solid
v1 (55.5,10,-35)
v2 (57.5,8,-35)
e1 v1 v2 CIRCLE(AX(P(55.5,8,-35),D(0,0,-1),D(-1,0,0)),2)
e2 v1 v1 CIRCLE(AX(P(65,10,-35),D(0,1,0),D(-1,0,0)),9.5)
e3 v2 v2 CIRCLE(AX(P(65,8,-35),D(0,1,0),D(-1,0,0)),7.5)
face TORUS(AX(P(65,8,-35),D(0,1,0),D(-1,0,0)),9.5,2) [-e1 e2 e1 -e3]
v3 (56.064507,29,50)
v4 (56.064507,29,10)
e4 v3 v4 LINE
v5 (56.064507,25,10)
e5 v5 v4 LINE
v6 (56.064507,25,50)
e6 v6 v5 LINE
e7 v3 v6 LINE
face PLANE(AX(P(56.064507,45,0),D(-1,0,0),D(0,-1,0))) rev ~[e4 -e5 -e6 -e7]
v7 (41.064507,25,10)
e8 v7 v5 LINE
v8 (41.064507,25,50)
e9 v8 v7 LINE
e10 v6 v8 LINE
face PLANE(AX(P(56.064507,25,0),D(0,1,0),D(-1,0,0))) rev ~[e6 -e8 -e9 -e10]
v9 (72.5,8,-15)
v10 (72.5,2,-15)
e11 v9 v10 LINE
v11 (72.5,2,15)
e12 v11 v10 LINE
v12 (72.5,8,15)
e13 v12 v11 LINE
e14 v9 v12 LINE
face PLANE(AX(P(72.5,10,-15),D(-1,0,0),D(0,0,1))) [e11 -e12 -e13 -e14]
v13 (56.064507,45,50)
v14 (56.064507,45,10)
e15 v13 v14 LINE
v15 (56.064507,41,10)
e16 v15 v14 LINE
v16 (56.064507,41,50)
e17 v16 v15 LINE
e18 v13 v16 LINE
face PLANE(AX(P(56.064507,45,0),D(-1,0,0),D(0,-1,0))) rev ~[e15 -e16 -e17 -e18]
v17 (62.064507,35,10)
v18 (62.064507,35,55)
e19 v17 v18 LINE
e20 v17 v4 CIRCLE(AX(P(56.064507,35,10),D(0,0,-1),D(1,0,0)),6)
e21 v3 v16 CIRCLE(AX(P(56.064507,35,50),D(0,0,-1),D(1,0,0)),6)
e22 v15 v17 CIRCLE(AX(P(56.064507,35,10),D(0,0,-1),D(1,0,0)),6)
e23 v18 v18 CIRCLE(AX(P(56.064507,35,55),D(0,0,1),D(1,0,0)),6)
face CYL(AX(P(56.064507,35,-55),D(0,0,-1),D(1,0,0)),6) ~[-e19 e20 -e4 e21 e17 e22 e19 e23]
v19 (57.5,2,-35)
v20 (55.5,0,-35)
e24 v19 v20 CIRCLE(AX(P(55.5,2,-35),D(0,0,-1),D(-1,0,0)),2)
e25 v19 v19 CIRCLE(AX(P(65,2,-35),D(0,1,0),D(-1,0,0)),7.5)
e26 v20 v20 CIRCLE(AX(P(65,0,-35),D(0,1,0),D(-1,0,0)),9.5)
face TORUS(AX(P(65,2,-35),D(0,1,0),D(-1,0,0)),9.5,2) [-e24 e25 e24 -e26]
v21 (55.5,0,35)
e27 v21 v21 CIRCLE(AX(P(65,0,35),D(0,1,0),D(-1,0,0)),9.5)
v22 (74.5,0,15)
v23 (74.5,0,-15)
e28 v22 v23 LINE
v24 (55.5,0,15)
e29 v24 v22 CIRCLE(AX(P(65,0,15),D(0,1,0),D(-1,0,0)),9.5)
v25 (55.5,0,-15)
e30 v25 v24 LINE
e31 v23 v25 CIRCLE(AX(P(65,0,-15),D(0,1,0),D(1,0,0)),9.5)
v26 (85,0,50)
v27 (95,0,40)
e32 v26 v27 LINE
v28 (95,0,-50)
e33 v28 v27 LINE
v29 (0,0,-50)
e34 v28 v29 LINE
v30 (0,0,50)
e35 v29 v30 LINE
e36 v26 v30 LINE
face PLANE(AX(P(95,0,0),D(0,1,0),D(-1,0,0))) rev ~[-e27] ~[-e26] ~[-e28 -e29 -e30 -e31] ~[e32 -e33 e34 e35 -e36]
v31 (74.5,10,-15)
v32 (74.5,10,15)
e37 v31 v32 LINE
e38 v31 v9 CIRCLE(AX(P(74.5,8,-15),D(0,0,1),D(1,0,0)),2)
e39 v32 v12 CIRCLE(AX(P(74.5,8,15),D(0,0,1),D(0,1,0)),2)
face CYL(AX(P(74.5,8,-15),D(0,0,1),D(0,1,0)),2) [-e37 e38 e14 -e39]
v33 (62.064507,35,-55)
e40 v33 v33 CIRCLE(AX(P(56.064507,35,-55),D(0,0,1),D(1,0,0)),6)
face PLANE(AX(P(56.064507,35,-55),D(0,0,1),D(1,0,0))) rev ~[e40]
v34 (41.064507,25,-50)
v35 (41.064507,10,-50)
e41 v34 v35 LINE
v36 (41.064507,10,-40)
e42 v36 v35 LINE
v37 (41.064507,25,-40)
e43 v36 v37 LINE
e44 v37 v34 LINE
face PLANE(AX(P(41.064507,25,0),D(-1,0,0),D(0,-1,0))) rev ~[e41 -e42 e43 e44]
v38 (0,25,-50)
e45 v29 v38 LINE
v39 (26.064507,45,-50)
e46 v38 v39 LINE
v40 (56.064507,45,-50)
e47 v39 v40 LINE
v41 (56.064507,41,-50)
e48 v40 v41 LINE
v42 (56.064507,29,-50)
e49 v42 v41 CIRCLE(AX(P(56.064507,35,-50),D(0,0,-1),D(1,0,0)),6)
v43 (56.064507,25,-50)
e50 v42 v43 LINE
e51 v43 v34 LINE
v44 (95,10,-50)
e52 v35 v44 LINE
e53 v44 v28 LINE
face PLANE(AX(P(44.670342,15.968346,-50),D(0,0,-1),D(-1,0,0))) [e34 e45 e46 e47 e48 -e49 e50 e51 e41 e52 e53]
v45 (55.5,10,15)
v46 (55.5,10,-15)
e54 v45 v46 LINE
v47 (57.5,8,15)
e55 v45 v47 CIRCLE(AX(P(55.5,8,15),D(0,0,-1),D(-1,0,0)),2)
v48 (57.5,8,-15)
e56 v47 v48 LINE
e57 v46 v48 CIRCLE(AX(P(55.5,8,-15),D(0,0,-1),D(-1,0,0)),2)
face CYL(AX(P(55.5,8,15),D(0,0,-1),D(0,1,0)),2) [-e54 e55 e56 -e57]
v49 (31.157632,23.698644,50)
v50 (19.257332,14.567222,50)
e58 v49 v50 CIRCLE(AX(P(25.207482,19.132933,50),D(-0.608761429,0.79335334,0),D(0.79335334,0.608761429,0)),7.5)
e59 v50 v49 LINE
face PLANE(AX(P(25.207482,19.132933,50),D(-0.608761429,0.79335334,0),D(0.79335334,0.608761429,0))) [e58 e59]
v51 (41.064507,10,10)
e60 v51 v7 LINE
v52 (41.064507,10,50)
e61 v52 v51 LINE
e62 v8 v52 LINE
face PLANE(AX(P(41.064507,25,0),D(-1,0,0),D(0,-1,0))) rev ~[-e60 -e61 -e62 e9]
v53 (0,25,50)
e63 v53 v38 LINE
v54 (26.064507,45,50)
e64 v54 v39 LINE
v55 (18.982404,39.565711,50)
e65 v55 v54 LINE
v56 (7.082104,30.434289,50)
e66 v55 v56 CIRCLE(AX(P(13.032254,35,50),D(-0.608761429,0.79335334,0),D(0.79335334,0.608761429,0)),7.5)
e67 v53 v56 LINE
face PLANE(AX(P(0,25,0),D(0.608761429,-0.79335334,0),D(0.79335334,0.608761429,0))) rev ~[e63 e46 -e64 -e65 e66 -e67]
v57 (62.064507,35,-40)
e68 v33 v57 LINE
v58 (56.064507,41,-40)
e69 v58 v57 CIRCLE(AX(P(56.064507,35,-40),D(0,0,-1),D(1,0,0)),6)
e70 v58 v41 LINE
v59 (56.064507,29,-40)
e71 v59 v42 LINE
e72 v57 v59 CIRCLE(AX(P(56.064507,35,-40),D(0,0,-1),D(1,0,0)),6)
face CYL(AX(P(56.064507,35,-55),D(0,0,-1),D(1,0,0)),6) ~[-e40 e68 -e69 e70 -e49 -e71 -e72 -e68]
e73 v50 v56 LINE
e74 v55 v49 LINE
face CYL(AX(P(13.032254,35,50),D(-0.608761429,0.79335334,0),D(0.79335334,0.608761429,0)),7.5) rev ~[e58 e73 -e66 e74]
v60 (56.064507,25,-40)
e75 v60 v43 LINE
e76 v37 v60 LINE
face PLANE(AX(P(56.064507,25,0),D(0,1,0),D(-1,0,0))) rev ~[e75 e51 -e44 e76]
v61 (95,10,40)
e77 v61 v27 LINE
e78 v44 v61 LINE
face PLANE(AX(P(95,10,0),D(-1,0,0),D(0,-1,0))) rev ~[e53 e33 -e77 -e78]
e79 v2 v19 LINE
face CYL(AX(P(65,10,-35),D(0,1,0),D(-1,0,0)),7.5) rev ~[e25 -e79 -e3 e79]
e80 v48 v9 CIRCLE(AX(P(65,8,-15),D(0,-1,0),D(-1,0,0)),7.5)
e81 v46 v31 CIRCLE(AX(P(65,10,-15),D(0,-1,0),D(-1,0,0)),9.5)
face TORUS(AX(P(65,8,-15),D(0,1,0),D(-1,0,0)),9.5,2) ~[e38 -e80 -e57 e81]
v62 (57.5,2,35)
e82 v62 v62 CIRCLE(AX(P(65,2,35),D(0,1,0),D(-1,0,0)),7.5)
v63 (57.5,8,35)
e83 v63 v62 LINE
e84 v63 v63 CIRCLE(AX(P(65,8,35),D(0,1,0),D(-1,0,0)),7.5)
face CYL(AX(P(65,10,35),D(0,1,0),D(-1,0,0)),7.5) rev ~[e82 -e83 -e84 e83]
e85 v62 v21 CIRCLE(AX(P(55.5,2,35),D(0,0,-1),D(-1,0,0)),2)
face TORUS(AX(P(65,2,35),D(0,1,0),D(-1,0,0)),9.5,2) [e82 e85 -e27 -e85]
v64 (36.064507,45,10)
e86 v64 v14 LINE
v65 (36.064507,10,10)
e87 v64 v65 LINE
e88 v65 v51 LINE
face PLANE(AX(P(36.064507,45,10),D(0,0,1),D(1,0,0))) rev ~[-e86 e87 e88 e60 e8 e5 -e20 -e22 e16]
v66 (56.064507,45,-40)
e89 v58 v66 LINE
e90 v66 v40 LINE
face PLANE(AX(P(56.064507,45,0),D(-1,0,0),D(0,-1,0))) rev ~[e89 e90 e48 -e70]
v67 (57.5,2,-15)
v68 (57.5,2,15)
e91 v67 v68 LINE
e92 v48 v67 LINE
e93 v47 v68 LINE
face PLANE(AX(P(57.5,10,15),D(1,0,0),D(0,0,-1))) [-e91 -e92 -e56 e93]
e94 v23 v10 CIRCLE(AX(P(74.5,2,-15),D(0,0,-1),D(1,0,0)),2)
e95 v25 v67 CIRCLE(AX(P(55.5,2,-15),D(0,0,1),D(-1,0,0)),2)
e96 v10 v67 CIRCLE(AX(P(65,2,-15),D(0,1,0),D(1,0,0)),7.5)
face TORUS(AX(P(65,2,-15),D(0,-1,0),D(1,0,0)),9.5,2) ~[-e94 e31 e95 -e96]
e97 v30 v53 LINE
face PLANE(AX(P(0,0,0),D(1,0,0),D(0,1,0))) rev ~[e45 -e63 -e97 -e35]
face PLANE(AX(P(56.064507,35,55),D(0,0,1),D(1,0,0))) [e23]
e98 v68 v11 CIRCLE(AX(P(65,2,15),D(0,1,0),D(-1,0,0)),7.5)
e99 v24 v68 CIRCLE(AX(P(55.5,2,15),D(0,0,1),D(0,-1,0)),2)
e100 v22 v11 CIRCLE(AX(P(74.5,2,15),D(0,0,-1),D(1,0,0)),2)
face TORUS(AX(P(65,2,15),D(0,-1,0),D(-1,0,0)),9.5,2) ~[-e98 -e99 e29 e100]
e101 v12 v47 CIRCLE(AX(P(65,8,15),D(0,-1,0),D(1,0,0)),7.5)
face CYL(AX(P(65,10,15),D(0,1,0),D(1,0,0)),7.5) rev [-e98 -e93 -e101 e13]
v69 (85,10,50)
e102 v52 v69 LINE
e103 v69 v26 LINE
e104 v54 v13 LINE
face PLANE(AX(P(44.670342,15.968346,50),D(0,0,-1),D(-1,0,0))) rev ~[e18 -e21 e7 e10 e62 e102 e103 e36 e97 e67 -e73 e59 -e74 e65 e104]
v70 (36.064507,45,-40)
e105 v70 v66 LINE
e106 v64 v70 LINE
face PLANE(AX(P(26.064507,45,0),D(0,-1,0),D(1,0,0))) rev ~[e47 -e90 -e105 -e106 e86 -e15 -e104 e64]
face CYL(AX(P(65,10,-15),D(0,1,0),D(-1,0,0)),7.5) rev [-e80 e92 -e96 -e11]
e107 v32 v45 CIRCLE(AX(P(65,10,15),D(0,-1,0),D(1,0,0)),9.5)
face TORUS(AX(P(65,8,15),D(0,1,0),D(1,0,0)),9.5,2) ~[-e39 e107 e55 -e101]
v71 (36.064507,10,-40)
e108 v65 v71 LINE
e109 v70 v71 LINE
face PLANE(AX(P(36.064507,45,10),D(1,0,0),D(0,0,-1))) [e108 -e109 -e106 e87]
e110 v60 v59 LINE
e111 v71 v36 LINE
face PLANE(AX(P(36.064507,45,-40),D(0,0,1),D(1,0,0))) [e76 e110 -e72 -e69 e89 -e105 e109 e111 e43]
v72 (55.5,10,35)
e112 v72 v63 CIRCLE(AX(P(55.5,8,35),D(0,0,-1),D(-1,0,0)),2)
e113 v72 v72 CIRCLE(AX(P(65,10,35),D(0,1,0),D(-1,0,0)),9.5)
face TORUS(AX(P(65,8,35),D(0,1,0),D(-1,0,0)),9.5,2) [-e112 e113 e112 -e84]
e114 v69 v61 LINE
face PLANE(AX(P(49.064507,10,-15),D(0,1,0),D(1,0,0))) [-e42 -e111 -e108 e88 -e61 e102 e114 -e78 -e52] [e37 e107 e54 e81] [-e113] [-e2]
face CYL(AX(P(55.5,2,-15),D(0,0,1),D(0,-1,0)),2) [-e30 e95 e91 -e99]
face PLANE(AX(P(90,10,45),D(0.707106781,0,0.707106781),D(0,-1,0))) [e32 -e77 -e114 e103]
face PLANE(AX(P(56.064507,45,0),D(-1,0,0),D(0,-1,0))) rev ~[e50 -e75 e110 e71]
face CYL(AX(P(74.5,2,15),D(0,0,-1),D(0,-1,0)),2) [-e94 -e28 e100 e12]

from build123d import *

# Parameters (mm, degrees)
BOSS_EXTRU_1_DEPTH      = 50
BOSS_EXTRU_2_DEPTH      = 55
BOSS_EXTRU_2_DEPTH_BACK = 55
ESQUISSE3_R             = 6
ESQUISSE4_W             = 26
ESQUISSE4_H             = 50
ENL_V_MAT_EXTRU_1_DEPTH = 35
ESQUISSE5_R             = 7.5
ENL_V_MAT_EXTRU_2_DEPTH = 20
ESQUISSE8_R             = 7.5
ENL_V_MAT_EXTRU_3_DEPTH = 116.217186218
CONG_1_R                = 2
CONG_2_R                = 2
CHANFREIN3_SIZE         = 10


with BuildPart() as part:
    # Esquisse1 → Boss.-Extru.1 (new, symmetric)
    with BuildSketch(Plane.XY):
        Polygon((0, 0), (0, 25), (26.064507457, 45), (56.064507457, 45), (56.064507457, 25), (41.064507457, 25), (41.064507457, 10), (95, 10), (95, 0), align=None)
    extrude(amount=BOSS_EXTRU_1_DEPTH, both=True)

    # Esquisse3 → Boss.-Extru.2 (add, two sides: drawn at the far end of the back side and taken through both)
    with BuildSketch(Plane.XY.offset(-BOSS_EXTRU_2_DEPTH_BACK)):
        with Locations((56.064507457, 35)):
            Circle(ESQUISSE3_R)
    extrude(amount=BOSS_EXTRU_2_DEPTH + BOSS_EXTRU_2_DEPTH_BACK)

    # Esquisse4 → Enlèv. mat.-Extru.1 (cut)
    with BuildSketch(Plane(origin=(0, 45, 0), x_dir=(1, 0, 0), z_dir=(0, 1, 0))):
        with Locations((49.064507457, 15)):
            Rectangle(ESQUISSE4_W, ESQUISSE4_H)
    extrude(amount=-ENL_V_MAT_EXTRU_1_DEPTH, mode=Mode.SUBTRACT)

    # Esquisse5 → Enlèv. mat.-Extru.2 (cut)
    with BuildSketch(Plane(origin=(-12.074072829, 15.735238064, 0), x_dir=(0.7933533402912366, 0.6087614290087189, 0), z_dir=(-0.6087614290087189, 0.7933533402912367, 0))):
        with Locations((31.645832042, -50)):
            Circle(ESQUISSE5_R)
    extrude(amount=-ENL_V_MAT_EXTRU_2_DEPTH, mode=Mode.SUBTRACT)

    # Esquisse8 → Enlèv. mat.-Extru.3 (cut, through all)
    with BuildSketch(Plane(origin=(0, 10, 0), x_dir=(1, 0, 0), z_dir=(0, 1, 0))):
        with Locations(Location((65, -35, 0), (0, 0, 180))):
            Circle(ESQUISSE8_R)
        with Locations(Location((65, 35, 0), (0, 0, 180))):
            Circle(ESQUISSE8_R)
        with BuildLine():
            Line((72.5, 15), (72.5, -15))
            ThreePointArc((72.5, -15), (65, -22.5), (57.5, -15))
            Line((57.5, -15), (57.5, 15))
            ThreePointArc((57.5, 15), (65, 22.5), (72.5, 15))
        make_face()
    extrude(amount=-ENL_V_MAT_EXTRU_3_DEPTH, mode=Mode.SUBTRACT)

    # Congé1
    cong_1_edges = [part.edges().sort_by_distance(p)[0] for p in [
        (65, 0, -22.5),
        (72.5, 0, 0),
        (65, 0, 22.5),
        (57.5, 0, 0),
        (65, 10, -22.5),
        (57.5, 10, 0),
        (65, 10, 22.5),
        (72.5, 10, 0),
    ]]
    fillet(cong_1_edges, radius=CONG_1_R)

    # Congé2
    cong_2_edges = [part.edges().sort_by_distance(p)[0] for p in [
        (72.5, 0, -35),
        (72.5, 10, -35),
        (72.5, 0, 35),
        (72.5, 10, 35),
    ]]
    fillet(cong_2_edges, radius=CONG_2_R)

    # Chanfrein3
    chanfrein3_edges = [part.edges().sort_by_distance(p)[0] for p in [
        (95, 5, 50),
    ]]
    chamfer(chanfrein3_edges, length=CHANFREIN3_SIZE)


solid = part.part
